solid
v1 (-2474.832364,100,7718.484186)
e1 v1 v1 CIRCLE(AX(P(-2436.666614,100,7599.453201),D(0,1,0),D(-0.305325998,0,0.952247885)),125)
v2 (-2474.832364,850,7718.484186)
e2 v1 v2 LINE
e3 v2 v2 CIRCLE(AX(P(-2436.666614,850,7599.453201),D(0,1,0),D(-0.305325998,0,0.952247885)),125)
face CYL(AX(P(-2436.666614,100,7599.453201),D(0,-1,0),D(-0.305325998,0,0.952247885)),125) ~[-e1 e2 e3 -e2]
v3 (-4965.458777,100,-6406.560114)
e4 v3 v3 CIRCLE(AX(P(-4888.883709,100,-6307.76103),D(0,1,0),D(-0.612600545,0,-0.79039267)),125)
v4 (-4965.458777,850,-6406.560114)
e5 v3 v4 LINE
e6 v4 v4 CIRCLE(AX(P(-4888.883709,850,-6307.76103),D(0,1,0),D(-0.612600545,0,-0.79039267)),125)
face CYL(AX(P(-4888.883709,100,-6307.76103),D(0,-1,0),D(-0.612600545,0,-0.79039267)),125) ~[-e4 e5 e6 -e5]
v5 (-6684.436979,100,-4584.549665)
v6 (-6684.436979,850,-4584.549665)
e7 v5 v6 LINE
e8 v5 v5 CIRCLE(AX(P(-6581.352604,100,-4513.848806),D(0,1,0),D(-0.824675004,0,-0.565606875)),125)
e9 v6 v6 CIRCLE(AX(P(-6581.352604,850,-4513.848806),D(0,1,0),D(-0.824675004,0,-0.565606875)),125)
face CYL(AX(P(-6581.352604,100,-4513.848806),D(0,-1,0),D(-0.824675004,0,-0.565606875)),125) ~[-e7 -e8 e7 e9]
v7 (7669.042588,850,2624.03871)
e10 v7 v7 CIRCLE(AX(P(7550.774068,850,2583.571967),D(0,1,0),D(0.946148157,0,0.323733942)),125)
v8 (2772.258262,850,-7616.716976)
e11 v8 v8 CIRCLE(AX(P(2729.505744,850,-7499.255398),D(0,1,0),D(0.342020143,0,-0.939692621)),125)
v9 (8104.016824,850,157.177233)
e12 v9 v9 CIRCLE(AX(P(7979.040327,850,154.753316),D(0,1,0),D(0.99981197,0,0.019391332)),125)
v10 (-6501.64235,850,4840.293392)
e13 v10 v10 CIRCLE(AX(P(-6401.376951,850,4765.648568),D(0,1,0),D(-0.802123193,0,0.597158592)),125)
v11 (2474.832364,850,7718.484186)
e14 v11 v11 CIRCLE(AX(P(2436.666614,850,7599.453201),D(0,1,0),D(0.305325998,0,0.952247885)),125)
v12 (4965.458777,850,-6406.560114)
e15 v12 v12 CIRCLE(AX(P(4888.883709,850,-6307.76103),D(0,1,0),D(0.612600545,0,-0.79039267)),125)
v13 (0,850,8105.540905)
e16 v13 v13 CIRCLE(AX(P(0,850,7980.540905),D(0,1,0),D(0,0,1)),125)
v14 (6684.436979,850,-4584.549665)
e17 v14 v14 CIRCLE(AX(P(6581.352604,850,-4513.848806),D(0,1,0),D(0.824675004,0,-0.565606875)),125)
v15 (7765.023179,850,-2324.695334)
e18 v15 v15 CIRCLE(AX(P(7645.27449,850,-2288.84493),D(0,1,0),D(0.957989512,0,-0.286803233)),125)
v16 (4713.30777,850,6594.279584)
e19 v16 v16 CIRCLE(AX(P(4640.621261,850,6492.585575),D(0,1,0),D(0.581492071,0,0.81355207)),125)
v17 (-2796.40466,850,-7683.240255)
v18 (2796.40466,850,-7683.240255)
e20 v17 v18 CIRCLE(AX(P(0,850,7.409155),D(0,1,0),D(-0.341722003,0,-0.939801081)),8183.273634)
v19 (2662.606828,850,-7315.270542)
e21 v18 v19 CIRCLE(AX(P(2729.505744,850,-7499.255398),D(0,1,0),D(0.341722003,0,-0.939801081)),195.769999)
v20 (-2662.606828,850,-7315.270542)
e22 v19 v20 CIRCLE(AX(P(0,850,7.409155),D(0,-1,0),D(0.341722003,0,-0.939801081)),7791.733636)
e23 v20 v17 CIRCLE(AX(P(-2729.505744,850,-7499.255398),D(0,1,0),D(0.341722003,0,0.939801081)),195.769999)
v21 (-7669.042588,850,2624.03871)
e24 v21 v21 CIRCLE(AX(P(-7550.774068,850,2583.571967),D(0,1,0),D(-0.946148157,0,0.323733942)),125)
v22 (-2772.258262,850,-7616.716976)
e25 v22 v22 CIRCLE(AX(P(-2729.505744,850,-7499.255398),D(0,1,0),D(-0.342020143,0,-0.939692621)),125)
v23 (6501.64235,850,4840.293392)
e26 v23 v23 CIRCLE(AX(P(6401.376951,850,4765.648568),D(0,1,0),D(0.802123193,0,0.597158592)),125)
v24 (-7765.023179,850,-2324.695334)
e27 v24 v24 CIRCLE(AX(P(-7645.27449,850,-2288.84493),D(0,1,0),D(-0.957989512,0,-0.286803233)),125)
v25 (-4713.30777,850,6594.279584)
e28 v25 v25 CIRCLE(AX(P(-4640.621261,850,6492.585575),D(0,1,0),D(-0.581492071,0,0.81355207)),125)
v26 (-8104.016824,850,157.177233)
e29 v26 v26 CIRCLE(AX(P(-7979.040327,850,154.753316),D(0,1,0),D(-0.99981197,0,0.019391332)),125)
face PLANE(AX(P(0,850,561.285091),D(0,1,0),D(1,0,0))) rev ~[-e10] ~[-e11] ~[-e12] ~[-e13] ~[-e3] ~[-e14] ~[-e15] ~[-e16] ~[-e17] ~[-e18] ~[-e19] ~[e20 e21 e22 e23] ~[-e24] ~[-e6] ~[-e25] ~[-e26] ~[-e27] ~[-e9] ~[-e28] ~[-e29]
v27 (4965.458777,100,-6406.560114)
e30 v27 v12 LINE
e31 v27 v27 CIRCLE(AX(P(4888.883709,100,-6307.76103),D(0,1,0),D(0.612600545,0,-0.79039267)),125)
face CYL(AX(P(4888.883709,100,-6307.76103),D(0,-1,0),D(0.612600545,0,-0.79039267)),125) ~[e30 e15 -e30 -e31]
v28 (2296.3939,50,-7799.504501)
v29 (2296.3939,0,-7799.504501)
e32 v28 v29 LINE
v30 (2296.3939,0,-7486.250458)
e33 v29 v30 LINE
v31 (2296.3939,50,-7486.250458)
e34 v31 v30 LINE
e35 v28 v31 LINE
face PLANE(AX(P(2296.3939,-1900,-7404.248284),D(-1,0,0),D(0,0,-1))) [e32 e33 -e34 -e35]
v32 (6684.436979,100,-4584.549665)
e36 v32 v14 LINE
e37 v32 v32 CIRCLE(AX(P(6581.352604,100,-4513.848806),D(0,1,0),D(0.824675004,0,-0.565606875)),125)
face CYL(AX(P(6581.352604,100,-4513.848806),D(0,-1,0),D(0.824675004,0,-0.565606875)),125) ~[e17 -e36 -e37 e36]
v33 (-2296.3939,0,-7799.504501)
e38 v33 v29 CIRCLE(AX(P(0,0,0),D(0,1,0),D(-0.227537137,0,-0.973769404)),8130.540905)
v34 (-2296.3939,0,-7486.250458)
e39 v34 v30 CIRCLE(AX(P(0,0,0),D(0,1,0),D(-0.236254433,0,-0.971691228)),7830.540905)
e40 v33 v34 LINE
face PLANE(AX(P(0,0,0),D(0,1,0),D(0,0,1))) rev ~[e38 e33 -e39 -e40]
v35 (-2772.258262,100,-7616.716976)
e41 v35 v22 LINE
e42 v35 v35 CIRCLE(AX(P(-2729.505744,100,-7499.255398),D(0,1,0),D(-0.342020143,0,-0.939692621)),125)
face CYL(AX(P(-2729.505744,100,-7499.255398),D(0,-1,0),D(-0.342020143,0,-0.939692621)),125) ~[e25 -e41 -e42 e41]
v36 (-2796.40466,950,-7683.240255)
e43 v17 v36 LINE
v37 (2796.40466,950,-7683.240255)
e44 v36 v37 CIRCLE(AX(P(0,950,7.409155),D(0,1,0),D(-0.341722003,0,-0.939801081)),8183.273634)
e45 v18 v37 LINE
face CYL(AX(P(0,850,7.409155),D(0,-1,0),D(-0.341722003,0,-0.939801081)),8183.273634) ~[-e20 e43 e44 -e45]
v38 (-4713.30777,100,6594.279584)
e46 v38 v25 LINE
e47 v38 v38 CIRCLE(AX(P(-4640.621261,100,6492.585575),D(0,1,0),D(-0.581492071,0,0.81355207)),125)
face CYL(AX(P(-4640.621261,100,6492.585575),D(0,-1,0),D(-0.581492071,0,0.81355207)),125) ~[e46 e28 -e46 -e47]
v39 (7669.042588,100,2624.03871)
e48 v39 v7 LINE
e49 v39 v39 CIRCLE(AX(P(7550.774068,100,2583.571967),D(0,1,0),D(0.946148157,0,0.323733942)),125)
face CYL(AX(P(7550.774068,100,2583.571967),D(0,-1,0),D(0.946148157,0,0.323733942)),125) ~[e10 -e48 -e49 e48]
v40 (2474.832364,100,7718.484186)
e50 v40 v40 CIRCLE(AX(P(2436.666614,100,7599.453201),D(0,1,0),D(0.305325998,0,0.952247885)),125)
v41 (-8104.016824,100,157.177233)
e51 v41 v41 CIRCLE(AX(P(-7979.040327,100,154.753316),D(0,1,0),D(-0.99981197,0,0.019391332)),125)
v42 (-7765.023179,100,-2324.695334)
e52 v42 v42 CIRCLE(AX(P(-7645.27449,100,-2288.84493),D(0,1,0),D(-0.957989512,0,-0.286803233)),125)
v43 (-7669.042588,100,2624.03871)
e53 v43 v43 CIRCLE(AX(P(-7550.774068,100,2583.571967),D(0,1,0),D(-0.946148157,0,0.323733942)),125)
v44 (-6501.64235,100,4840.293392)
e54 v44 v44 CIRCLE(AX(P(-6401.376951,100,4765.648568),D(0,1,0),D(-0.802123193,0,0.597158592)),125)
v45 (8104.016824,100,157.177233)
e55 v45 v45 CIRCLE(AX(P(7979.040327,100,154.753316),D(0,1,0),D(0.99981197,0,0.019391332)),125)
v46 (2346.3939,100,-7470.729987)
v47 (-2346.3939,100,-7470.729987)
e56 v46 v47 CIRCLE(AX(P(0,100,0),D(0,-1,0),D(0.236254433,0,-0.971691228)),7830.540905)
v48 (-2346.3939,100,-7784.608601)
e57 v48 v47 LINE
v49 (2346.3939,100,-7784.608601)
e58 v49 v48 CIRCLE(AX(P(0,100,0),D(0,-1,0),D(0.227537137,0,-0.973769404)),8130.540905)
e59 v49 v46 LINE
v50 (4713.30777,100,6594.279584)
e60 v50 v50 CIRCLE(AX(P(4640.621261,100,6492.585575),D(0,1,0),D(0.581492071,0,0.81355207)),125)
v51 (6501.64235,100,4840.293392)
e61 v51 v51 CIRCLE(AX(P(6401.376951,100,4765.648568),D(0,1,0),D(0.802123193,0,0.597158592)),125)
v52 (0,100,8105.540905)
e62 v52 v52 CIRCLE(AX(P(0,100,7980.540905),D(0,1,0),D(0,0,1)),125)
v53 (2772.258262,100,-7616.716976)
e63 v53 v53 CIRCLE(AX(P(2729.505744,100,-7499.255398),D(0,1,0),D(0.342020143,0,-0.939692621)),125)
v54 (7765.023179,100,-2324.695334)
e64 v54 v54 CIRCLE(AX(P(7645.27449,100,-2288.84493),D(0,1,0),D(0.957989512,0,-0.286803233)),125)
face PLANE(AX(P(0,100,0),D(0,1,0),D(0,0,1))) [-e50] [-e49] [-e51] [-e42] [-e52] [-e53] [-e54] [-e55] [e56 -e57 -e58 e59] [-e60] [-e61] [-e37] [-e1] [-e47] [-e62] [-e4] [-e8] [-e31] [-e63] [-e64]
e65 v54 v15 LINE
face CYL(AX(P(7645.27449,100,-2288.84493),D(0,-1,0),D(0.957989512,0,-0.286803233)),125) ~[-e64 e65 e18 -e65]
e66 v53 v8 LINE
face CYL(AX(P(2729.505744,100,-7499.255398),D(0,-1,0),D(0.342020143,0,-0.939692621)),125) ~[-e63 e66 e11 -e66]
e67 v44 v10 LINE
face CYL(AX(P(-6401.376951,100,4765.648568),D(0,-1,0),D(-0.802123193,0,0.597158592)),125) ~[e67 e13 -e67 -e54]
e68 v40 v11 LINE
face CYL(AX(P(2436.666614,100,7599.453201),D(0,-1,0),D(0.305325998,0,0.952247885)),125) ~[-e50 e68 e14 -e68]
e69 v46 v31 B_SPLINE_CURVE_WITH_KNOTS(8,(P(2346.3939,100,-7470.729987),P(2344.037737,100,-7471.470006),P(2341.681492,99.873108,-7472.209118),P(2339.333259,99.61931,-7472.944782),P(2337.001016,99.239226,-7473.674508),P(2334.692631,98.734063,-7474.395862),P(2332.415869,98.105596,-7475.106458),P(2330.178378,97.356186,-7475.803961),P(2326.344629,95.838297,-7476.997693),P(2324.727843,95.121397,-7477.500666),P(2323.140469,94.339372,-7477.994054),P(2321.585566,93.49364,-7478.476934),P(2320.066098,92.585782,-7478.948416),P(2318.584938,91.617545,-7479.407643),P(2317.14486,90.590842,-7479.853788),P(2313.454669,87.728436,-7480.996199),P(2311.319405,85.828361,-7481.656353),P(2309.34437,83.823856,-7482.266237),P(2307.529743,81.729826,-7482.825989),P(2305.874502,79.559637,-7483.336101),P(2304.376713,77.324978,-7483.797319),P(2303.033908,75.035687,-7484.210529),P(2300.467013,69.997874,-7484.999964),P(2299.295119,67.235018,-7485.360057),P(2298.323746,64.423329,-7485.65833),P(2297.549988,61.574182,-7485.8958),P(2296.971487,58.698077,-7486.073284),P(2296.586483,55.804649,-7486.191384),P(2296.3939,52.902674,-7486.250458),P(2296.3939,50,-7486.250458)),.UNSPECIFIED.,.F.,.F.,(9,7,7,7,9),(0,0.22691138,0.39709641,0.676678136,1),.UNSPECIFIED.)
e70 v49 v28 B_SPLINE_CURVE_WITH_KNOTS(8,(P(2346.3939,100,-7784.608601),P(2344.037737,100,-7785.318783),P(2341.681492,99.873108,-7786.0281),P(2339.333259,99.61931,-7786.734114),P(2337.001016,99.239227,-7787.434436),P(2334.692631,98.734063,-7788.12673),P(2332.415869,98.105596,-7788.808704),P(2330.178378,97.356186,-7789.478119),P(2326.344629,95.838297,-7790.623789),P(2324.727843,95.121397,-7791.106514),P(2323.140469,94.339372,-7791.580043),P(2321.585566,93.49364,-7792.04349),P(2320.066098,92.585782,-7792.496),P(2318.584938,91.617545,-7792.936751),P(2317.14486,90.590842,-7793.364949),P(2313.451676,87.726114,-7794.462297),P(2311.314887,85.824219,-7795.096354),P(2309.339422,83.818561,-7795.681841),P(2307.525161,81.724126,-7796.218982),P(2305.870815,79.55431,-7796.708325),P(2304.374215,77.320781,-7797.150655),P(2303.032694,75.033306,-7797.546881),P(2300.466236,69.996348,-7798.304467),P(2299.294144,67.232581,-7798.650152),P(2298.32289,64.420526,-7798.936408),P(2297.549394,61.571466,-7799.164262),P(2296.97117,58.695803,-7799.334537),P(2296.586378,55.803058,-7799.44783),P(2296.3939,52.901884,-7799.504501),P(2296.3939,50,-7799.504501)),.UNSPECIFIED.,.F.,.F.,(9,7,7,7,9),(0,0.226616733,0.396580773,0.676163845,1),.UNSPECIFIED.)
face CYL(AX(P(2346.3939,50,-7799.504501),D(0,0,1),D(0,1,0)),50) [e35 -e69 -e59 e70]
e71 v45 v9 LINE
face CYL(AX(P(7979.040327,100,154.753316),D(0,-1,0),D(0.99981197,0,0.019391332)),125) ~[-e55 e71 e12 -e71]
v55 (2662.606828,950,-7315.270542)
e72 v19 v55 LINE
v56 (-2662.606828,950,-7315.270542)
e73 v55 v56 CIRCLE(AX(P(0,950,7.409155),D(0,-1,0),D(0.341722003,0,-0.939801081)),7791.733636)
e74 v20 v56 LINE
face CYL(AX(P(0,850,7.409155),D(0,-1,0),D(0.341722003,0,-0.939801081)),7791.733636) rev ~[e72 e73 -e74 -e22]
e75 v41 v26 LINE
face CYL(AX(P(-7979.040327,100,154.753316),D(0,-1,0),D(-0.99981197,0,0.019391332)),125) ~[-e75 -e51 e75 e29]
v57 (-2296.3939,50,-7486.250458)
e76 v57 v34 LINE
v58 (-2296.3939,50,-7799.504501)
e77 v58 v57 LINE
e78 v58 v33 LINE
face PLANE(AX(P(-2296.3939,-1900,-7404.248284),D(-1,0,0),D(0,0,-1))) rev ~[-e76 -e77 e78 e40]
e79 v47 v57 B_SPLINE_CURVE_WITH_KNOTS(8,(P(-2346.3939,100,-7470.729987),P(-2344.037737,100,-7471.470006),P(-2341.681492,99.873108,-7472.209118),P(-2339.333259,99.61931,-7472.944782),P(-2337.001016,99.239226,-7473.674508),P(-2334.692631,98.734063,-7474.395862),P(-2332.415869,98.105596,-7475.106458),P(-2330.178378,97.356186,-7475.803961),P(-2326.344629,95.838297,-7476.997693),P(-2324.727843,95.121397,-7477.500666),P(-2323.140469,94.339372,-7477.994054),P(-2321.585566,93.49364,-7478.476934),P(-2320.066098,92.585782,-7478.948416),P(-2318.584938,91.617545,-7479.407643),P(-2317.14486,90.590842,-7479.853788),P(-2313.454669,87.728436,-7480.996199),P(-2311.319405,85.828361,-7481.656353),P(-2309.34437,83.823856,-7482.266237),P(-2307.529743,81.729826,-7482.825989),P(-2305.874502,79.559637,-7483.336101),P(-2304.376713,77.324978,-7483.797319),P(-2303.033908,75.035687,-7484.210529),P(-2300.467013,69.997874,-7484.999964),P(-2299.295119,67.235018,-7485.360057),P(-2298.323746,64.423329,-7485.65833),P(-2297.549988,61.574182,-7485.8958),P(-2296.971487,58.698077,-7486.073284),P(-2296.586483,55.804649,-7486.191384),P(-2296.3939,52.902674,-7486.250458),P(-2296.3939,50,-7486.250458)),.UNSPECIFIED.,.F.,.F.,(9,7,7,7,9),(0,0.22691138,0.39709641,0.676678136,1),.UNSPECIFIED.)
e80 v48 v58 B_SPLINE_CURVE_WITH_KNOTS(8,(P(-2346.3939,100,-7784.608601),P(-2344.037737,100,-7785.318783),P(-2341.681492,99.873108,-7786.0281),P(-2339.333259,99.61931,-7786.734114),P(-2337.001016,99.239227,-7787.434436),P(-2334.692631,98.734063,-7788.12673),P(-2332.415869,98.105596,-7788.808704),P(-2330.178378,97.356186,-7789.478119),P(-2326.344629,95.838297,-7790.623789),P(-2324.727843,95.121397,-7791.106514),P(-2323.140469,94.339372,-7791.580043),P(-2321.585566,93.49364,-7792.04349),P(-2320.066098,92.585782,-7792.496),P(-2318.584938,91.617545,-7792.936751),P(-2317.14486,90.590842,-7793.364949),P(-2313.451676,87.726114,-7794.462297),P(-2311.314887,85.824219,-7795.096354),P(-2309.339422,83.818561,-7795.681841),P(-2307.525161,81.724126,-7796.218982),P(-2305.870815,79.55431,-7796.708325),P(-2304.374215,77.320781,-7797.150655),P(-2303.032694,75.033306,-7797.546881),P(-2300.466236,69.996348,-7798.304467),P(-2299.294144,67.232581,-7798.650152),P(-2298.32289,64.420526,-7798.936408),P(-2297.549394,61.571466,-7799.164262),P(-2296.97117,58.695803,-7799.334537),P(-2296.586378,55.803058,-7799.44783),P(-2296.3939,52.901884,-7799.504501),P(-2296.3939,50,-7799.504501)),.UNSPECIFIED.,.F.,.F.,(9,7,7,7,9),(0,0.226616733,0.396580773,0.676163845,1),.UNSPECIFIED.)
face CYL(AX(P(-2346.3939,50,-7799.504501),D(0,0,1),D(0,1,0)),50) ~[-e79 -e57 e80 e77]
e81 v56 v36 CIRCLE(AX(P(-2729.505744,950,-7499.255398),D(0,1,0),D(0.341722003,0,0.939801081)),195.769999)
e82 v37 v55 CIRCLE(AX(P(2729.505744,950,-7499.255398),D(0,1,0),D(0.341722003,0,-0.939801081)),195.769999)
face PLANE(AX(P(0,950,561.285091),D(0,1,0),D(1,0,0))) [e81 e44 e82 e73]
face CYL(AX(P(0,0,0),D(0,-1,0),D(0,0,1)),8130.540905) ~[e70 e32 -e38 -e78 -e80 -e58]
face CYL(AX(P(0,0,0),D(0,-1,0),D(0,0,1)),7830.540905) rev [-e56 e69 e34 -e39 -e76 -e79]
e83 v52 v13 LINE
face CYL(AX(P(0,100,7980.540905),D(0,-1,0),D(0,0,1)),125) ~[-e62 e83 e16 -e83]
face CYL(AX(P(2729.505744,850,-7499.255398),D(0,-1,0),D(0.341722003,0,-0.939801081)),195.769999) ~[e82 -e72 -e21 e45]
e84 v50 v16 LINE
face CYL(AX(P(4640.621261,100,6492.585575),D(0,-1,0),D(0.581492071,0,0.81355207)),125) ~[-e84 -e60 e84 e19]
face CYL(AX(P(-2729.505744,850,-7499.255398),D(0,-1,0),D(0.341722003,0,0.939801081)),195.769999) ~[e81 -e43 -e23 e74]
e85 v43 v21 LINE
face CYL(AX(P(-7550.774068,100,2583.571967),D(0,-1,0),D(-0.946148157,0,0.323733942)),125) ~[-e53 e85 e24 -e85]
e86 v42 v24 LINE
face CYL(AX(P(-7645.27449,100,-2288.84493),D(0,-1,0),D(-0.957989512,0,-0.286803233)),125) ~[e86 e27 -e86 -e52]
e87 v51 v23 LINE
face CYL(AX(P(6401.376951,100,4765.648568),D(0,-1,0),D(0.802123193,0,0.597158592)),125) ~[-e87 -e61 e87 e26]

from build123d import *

# Parameters (mm, degrees)
SKETCH1_R                       = 8130.540905
SKETCH1_R_2                     = 7830.540905
BOSS_EXTRUDE1_DEPTH             = 100
CUT_EXTRUDE1_DEPTH              = 100
CUT_EXTRUDE1_DEPTH_BACK         = 100
SKETCH2_W                       = 3700
SKETCH2_H                       = 2006.573318274
SKETCH4_R                       = 125
BOSS_EXTRUDE2_DEPTH             = 750
CIRPATTERN1_COUNT               = 10
CIRPATTERN1_ANGLE               = 160
CIRPATTERN1_THE_OTHER_WAY_COUNT = 10
CIRPATTERN1_THE_OTHER_WAY_ANGLE = 160
BOSS_EXTRUDE3_DEPTH             = 100
CUT_EXTRUDE2_DEPTH              = 2000
CUT_EXTRUDE2_DEPTH_BACK         = 2000
SKETCH6_W                       = 4592.787799638
SKETCH6_H                       = 733.127628032
FILLET1_R                       = 50
FILLET2_R                       = 50


with BuildPart() as part:
    # Sketch1 → Boss-Extrude1 (new body)
    with BuildSketch(Plane(origin=(0, 0, 0), x_dir=(1, 0, 0), z_dir=(0, 1, 0))):
        Circle(SKETCH1_R)
        Circle(SKETCH1_R_2, mode=Mode.SUBTRACT)
    extrude(amount=BOSS_EXTRUDE1_DEPTH)

    # Sketch2 → Cut-Extrude1 (cut, two sides: drawn at the far end of the back side and taken through both)
    with BuildSketch(Plane(origin=(0, 100, 0), x_dir=(1, 0, 0), z_dir=(0, 1, 0)).offset(-CUT_EXTRUDE1_DEPTH_BACK)):
        with Locations((0, 7830.540905)):
            Rectangle(SKETCH2_W, SKETCH2_H)
    extrude(amount=CUT_EXTRUDE1_DEPTH + CUT_EXTRUDE1_DEPTH_BACK, mode=Mode.SUBTRACT)

    # Sketch4 → Boss-Extrude2 (add)
    with BuildSketch(Plane(origin=(0, 100, 0), x_dir=(1, 0, 0), z_dir=(0, 1, 0))):
        with Locations((0, -7980.540905)):
            Circle(SKETCH4_R)
    boss_extrude2 = extrude(amount=BOSS_EXTRUDE2_DEPTH)

    # CirPattern1: Boss-Extrude2 ×10 about axis
    cirpattern1_axis = Axis((0, 100, 0), (0, 1, 0))
    for i in range(1, CIRPATTERN1_COUNT):
        add(boss_extrude2.rotate(cirpattern1_axis, i * CIRPATTERN1_ANGLE / (CIRPATTERN1_COUNT - 1)))

    # CirPattern1 the other way: Boss-Extrude2 ×10 about axis
    cirpattern1_the_other_way_axis = Axis((0, 100, 0), (0, -1, 0))
    for i in range(1, CIRPATTERN1_THE_OTHER_WAY_COUNT):
        add(boss_extrude2.rotate(cirpattern1_the_other_way_axis, i * CIRPATTERN1_THE_OTHER_WAY_ANGLE / (CIRPATTERN1_THE_OTHER_WAY_COUNT - 1)))

    # Sketch5 → Boss-Extrude3 (add)
    with BuildSketch(Plane(origin=(0, 850, 0), x_dir=(1, 0, 0), z_dir=(0, 1, 0))):
        with BuildLine():
            ThreePointArc((-2796.404660275, 7683.240254702), (0, -8190.682788488), (2796.404660275, 7683.240254702))
            ThreePointArc((2796.404660275, 7683.240254702), (2545.520887751, 7566.15431444), (2662.606828013, 7315.270541915))
            ThreePointArc((2662.606828013, 7315.270541915), (0, -7799.142791237), (-2662.606828013, 7315.270541915))
            ThreePointArc((-2662.606828013, 7315.270541915), (-2545.520887751, 7566.15431444), (-2796.404660275, 7683.240254702))
        make_face()
    extrude(amount=BOSS_EXTRUDE3_DEPTH)

    # Sketch6 → Cut-Extrude2 (cut, two sides: drawn at the far end of the back side and taken through both)
    with BuildSketch(Plane(origin=(0, 100, 0), x_dir=(1, 0, 0), z_dir=(0, 1, 0)).offset(-CUT_EXTRUDE2_DEPTH_BACK)):
        with Locations((0, 7770.8120983)):
            Rectangle(SKETCH6_W, SKETCH6_H)
    extrude(amount=CUT_EXTRUDE2_DEPTH + CUT_EXTRUDE2_DEPTH_BACK, mode=Mode.SUBTRACT)

    # Fillet1
    fillet1_edges = [part.edges().sort_by_distance(p)[0] for p in [
        (-2296.393899819, 100, -7642.877479678),
    ]]
    fillet(fillet1_edges, radius=FILLET1_R)

    # Fillet2
    fillet2_edges = [part.edges().sort_by_distance(p)[0] for p in [
        (2296.393899819, 100, -7642.877479678),
    ]]
    fillet(fillet2_edges, radius=FILLET2_R)


solid = part.part
